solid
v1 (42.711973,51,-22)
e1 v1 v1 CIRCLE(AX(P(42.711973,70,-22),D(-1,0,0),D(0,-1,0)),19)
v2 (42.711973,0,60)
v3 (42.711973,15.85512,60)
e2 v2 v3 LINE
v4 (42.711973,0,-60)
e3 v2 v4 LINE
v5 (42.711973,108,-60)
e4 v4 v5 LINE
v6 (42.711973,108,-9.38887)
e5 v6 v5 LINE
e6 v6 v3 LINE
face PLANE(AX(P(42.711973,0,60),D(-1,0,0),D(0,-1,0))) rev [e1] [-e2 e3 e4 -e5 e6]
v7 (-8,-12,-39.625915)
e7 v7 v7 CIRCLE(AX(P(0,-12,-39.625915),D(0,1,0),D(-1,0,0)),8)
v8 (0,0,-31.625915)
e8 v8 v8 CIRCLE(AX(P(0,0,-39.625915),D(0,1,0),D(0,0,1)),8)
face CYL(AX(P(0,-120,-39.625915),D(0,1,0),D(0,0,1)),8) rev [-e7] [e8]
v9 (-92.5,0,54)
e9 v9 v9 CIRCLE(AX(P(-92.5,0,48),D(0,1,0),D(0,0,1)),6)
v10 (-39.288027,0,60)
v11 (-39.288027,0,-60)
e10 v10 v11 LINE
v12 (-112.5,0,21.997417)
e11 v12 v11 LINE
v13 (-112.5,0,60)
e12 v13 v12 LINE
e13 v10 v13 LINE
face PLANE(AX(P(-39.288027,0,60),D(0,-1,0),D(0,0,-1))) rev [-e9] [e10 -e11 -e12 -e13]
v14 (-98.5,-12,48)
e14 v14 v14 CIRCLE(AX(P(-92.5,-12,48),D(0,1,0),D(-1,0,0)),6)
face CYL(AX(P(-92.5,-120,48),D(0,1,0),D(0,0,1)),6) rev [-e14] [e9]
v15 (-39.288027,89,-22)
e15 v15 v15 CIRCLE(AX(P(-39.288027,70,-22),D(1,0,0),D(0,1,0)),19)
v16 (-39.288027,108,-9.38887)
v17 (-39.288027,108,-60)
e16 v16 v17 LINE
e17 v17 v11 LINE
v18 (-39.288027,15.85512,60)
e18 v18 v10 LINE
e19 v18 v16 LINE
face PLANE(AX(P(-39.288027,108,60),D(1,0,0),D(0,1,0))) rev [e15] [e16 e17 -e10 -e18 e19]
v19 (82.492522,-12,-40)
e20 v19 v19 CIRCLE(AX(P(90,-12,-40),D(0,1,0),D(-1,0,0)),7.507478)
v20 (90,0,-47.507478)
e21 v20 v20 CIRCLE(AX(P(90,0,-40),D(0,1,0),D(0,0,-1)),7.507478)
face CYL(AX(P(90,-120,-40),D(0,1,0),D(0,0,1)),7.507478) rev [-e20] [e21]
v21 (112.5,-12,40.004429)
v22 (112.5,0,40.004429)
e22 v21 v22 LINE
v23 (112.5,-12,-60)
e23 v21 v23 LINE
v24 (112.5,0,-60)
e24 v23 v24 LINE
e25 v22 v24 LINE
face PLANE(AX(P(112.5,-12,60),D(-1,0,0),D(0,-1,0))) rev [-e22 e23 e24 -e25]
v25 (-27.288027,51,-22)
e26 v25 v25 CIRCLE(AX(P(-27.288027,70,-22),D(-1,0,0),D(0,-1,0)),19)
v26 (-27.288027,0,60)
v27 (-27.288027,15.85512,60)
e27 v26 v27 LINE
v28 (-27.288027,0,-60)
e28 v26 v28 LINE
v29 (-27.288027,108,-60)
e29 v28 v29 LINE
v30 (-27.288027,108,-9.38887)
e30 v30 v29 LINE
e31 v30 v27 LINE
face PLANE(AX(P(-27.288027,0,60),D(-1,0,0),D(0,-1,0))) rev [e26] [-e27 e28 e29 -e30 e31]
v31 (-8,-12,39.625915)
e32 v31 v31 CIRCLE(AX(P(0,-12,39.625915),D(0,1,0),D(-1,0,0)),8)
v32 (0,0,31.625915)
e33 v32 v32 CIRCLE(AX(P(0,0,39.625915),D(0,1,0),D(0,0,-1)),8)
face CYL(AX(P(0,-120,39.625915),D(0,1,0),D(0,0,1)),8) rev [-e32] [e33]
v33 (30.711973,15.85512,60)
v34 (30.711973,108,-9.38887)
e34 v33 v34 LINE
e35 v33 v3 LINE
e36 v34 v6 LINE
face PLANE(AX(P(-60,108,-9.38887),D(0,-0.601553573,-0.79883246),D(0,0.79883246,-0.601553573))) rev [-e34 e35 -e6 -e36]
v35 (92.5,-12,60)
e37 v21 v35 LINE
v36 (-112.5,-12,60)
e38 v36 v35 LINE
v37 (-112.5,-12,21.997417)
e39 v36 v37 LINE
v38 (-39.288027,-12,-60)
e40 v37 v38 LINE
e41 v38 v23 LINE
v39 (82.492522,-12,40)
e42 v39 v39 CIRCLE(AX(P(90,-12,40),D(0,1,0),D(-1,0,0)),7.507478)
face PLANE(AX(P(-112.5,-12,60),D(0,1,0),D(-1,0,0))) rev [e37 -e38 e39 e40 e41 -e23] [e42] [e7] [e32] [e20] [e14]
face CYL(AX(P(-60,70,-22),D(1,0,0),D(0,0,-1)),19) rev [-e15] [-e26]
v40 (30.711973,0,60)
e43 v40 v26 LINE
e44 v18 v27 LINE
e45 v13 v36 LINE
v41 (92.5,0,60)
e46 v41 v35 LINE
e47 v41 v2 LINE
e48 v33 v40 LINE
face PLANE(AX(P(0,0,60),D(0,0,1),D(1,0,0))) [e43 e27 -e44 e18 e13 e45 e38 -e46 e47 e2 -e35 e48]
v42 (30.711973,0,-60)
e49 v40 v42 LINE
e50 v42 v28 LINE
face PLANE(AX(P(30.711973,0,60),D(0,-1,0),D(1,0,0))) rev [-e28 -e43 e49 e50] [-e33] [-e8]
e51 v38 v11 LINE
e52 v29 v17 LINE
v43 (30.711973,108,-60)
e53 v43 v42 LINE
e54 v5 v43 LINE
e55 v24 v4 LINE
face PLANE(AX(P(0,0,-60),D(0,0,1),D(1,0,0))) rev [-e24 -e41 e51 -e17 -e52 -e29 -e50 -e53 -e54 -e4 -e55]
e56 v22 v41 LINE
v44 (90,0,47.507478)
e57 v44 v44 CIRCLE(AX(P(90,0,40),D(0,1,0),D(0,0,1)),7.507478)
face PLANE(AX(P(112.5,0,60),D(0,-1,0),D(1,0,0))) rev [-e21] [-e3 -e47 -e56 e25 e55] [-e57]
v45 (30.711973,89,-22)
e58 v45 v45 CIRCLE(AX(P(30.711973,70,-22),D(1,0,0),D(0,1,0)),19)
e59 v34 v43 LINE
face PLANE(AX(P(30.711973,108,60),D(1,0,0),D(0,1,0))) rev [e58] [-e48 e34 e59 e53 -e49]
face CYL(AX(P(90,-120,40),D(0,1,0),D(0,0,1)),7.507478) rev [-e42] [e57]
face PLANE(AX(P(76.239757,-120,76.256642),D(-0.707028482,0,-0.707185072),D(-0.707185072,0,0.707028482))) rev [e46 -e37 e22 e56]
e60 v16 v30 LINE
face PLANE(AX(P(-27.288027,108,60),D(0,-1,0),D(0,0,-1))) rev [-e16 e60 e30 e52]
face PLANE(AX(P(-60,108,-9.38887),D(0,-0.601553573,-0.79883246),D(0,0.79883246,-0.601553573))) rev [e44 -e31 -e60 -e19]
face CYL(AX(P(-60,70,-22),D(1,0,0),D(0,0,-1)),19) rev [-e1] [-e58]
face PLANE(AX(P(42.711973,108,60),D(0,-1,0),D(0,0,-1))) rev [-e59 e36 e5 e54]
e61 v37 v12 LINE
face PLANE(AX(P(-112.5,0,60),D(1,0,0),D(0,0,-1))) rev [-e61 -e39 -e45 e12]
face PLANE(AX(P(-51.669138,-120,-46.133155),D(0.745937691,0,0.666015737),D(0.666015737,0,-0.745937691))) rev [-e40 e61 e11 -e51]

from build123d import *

# Parameters (mm, degrees)
BOSS_EXTRUDE1_DEPTH = 60
CUT_EXTRUDE1_DEPTH  = 120
CUT_EXTRUDE2_DEPTH  = 120
CUT_EXTRUDE3_DEPTH  = 60
SKETCH7_R           = 19
CUT_EXTRUDE4_DEPTH  = 60
SKETCH10_R          = 8
SKETCH10_R_2        = 7.507478142
SKETCH10_R_3        = 6
CUT_EXTRUDE5_DEPTH  = 120


with BuildPart() as part:
    # Sketch1 → Boss-Extrude1 (new, symmetric)
    with BuildSketch(Plane.XY):
        Polygon((-112.5, 0), (-112.5, -12), (112.5, -12), (112.5, 0), (42.711972594, 0), (42.711972594, 108), (30.711972594, 108), (30.711972594, 0), (-27.288027406, 0), (-27.288027406, 108), (-39.288027406, 108), (-39.288027406, 0), align=None)
    extrude(amount=BOSS_EXTRUDE1_DEPTH, both=True)

    # Sketch2 → Cut-Extrude1 (cut)
    with BuildSketch(Plane(origin=(0, 0, 0), x_dir=(1, 0, 0), z_dir=(0, 1, 0))):
        Polygon((112.5, -60), (112.5, -40.004428551), (92.5, -60), align=None)
    extrude(amount=-CUT_EXTRUDE1_DEPTH, mode=Mode.SUBTRACT)

    # Sketch3 → Cut-Extrude2 (cut)
    with BuildSketch(Plane(origin=(0, 0, 0), x_dir=(1, 0, 0), z_dir=(0, 1, 0))):
        Polygon((-39.288027406, 60), (-112.5, 60), (-112.5, -21.997416505), align=None)
    extrude(amount=-CUT_EXTRUDE2_DEPTH, mode=Mode.SUBTRACT)

    # Sketch5 → Cut-Extrude3 (cut, symmetric)
    with BuildSketch(Plane(origin=(0, 0, 0), x_dir=(0, 0, -1), z_dir=(1, 0, 0))):
        Polygon((9.388870173, 108), (-60, 108), (-60, 15.855119955), align=None)
    extrude(amount=CUT_EXTRUDE3_DEPTH, both=True, mode=Mode.SUBTRACT)

    # Sketch7 → Cut-Extrude4 (cut, symmetric)
    with BuildSketch(Plane(origin=(0, 0, 0), x_dir=(0, 0, -1), z_dir=(1, 0, 0))):
        with Locations(Location((22, 70, 0), (0, 0, 90))):
            Circle(SKETCH7_R)
    extrude(amount=CUT_EXTRUDE4_DEPTH, both=True, mode=Mode.SUBTRACT)

    # Sketch10 → Cut-Extrude5 (cut)
    with BuildSketch(Plane(origin=(0, 0, 0), x_dir=(1, 0, 0), z_dir=(0, 1, 0))):
        with Locations(Location((0, 39.625914849, 0), (0, 0, 270))):
            Circle(SKETCH10_R)
        with Locations(Location((90, -40, 0), (0, 0, 270))):
            Circle(SKETCH10_R_2)
        with Locations(Location((-92.5, -48, 0), (0, 0, 270))):
            Circle(SKETCH10_R_3)
        with Locations(Location((0, -39.625914849, 0), (0, 0, 180))):
            Circle(SKETCH10_R)
        with Locations(Location((90, 40, 0), (0, 0, 180))):
            Circle(SKETCH10_R_2)
    extrude(amount=-CUT_EXTRUDE5_DEPTH, mode=Mode.SUBTRACT)


solid = part.part
